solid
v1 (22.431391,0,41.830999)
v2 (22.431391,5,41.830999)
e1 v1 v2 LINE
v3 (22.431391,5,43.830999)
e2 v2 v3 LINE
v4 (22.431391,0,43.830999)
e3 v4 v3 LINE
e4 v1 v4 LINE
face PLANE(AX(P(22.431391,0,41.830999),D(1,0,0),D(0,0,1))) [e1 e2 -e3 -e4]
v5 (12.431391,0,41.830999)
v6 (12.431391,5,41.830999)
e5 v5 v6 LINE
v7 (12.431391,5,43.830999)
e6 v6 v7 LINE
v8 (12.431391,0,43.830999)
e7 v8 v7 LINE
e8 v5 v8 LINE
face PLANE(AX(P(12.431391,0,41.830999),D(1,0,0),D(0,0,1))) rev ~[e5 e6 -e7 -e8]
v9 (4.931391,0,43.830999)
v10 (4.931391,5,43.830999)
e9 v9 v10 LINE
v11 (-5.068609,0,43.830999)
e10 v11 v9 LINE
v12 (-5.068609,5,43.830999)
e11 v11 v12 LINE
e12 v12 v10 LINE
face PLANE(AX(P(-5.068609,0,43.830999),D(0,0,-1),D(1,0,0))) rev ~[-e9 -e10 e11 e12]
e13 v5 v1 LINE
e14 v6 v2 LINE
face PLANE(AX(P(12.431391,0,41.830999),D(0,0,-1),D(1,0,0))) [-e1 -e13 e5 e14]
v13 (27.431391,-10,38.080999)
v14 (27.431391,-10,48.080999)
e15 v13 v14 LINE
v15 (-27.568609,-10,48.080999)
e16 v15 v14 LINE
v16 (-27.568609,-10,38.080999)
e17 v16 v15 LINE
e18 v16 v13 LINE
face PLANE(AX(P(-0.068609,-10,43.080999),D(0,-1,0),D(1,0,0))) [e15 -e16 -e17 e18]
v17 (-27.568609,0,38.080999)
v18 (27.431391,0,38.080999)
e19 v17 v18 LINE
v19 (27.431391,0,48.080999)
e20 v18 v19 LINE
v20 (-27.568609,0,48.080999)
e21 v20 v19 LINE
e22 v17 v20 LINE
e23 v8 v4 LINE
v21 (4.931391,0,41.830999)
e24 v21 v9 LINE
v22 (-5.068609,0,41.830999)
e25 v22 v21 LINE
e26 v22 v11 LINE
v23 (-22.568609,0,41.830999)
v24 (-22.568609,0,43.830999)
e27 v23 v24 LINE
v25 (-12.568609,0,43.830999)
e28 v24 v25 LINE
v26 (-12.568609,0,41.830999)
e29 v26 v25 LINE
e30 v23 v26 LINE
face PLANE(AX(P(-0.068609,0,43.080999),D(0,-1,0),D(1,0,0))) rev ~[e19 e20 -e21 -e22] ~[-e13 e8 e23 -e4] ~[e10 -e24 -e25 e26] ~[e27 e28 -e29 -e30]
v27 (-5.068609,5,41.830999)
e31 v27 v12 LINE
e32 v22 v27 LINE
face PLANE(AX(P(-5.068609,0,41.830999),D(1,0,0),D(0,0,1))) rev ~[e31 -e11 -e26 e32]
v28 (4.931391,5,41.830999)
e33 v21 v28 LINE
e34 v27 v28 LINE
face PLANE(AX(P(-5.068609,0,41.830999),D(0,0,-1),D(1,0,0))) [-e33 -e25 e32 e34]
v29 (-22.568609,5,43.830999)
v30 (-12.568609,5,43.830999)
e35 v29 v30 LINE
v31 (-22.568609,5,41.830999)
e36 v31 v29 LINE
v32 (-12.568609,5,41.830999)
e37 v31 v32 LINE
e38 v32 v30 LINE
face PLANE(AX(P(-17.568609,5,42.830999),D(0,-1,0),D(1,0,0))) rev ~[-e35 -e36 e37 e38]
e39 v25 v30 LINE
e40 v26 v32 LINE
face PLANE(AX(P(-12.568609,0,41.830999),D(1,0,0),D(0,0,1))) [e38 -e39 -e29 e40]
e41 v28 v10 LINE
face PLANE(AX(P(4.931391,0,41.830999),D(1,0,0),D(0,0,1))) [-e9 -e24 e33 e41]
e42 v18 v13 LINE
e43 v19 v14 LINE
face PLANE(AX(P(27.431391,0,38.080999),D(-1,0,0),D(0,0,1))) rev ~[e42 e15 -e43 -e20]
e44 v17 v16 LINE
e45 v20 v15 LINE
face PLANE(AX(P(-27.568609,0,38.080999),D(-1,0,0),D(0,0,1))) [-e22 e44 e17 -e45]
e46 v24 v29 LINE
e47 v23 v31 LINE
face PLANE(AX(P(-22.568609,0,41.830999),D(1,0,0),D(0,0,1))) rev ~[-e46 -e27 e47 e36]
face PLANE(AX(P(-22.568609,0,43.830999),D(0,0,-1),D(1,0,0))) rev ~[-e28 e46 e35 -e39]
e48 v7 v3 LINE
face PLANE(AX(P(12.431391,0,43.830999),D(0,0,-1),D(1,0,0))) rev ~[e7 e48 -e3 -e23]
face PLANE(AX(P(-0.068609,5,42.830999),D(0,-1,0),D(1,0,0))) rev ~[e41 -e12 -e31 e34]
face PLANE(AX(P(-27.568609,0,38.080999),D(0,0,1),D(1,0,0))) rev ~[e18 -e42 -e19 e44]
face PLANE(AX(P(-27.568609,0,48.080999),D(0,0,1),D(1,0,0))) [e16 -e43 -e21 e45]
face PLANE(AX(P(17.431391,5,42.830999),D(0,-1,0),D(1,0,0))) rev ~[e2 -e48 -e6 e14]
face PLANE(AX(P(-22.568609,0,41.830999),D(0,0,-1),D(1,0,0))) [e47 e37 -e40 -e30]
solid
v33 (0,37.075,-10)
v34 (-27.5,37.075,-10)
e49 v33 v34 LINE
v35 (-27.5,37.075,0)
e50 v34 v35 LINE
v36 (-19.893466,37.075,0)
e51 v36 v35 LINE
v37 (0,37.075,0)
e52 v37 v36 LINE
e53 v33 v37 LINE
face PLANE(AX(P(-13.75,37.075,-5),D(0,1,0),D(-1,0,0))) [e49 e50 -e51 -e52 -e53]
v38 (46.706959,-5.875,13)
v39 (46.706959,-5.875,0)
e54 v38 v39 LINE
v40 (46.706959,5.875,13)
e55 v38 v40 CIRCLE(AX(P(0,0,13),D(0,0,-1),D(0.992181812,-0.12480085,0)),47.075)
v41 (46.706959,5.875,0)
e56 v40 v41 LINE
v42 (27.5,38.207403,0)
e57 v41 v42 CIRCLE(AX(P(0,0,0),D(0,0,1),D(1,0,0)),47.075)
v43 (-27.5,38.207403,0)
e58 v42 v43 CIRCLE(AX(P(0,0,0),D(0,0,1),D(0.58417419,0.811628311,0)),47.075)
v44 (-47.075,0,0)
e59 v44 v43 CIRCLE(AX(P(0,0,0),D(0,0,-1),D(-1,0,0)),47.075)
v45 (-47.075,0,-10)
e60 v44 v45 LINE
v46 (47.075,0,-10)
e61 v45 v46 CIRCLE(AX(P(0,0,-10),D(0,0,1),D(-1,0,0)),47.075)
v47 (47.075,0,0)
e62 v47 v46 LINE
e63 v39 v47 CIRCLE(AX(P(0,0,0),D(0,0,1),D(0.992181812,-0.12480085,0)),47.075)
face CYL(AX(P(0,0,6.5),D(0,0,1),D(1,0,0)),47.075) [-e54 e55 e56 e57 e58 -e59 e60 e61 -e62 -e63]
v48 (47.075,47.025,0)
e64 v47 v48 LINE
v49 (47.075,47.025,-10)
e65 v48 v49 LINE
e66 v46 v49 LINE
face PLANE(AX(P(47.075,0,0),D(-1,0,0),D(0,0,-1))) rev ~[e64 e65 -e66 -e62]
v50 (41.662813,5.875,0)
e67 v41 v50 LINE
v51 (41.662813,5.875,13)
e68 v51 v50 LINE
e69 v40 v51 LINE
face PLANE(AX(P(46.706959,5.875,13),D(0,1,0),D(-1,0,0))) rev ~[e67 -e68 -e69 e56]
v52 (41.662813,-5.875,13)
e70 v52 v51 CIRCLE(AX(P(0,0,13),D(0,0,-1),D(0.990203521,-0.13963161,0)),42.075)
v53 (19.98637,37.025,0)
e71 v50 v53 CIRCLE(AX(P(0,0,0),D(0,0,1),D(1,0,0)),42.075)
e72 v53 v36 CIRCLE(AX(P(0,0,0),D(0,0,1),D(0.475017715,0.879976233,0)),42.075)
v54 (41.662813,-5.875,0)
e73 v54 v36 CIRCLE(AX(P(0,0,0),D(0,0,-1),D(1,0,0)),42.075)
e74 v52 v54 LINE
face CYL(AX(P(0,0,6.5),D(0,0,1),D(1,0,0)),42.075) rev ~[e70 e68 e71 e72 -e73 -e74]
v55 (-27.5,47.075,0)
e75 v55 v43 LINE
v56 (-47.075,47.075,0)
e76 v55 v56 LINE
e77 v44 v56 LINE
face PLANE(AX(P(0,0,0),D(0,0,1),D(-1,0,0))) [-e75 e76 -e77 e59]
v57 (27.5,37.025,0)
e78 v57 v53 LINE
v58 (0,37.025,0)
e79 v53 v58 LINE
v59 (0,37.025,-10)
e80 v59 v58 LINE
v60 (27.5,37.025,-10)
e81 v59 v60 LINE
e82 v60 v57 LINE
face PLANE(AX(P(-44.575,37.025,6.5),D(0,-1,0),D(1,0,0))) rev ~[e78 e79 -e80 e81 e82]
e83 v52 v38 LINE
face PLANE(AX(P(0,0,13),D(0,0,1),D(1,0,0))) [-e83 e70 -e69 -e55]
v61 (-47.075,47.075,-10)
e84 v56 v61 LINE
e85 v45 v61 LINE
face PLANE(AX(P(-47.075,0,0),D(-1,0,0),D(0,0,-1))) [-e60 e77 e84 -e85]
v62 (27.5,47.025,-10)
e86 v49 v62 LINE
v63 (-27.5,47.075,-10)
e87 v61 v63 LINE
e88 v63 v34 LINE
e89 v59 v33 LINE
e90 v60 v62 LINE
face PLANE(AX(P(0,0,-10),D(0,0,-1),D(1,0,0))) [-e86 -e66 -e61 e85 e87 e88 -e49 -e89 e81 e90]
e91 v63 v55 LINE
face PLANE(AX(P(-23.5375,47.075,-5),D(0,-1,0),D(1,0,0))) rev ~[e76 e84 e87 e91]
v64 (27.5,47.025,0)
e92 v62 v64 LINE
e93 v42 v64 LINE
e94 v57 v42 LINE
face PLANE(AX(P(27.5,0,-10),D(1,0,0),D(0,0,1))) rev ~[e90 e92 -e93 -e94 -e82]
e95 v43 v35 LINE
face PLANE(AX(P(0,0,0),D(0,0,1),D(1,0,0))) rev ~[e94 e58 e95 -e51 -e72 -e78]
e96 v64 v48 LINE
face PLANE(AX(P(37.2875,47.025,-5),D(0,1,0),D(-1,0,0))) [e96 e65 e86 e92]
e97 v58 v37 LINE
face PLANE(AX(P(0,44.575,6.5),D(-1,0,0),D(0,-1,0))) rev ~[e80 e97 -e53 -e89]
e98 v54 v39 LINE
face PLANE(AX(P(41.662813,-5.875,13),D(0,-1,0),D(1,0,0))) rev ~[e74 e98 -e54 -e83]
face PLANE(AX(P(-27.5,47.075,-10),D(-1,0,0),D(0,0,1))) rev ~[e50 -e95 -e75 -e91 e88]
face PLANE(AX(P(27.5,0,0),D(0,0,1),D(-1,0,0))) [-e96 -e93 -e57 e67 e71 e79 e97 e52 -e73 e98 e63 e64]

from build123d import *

# Parameters (mm, degrees)
F0_W       = 55
F0_H       = 10
F0_W_2     = 10
F0_H_2     = 2
F1_DEPTH   = 10
F3_DEPTH   = 5
F2_W       = 5
F2_H       = 13
F4_ANGLE   = 180
F5_DEPTH   = 47.075
F6_ANGLE   = 90
F7_W       = 27.5
F7_H       = 10
F8_DEPTH   = 10
F10_DEPTH  = 47.025
F11_DEPTH  = 37.025
F10_FACE_W = 5
F10_FACE_H = 13
F12_ANGLE  = 90
F14_DEPTH  = 13


with BuildPart() as f1:
    # F0 (on Front) → F1 (new body)
    with BuildSketch(Plane.XZ):
        with Locations((-0.0686085224, 43.0809994042)):
            Rectangle(F0_W, F0_H)
        with Locations((-17.5686085224, 42.8309994042)):
            Rectangle(F0_W_2, F0_H_2, mode=Mode.SUBTRACT)
        with Locations((-0.0686085224, 42.8309994042)):
            Rectangle(F0_W_2, F0_H_2, mode=Mode.SUBTRACT)
        with Locations((17.4313914776, 42.8309994042)):
            Rectangle(F0_W_2, F0_H_2, mode=Mode.SUBTRACT)
        with Locations((-17.5686085224, 42.8309994042)):
            Rectangle(F0_W_2, F0_H_2)
        with Locations((-0.0686085224, 42.8309994042)):
            Rectangle(F0_W_2, F0_H_2)
        with Locations((17.4313914776, 42.8309994042)):
            Rectangle(F0_W_2, F0_H_2)
    extrude(amount=F1_DEPTH)

    # F0 (on Front) → F3 (join)
    with BuildSketch(Plane.XZ):
        with Locations((17.4313914776, 42.8309994042)):
            Rectangle(F0_W_2, F0_H_2)
        with Locations((-0.0686085224, 42.8309994042)):
            Rectangle(F0_W_2, F0_H_2)
        with Locations((-17.5686085224, 42.8309994042)):
            Rectangle(F0_W_2, F0_H_2)
    extrude(amount=-F3_DEPTH)


with BuildPart() as f4:
    # F2 (on Front) → F4 (revolve)
    with BuildSketch(Plane.XZ):
        with Locations((-44.575, 6.5)):
            Rectangle(F2_W, F2_H)
        Polygon((0, 0), (-42.075, 0), (-47.075, 0), (-47.075, -10), (0, -10), align=None)
    revolve(axis=Axis((0, 0, -5), (0, 0, 1)), revolution_arc=F4_ANGLE)

    # F2 (on Front) → F5 (join)
    with BuildSketch(Plane.XZ):
        Polygon((0, 0), (-42.075, 0), (-47.075, 0), (-47.075, -10), (0, -10), align=None)
    extrude(amount=-F5_DEPTH)

    # F2 (on Front) → F6 (revolve)
    with BuildSketch(Plane.XZ):
        with Locations((-44.575, 6.5)):
            Rectangle(F2_W, F2_H)
    revolve(axis=Axis((0, 0, -5), (0, 0, -1)), revolution_arc=F6_ANGLE)

    # F7 (on face) → F8 (cut)
    with BuildSketch(Plane(origin=(0, 47.075, 0), x_dir=(-1, 0, 0), z_dir=(0, 1, 0))):
        with Locations((13.75, -5)):
            Rectangle(F7_W, F7_H)
    extrude(amount=-F8_DEPTH, mode=Mode.SUBTRACT)

    # F9 (on face) → F10 (join)
    with BuildSketch(Plane(origin=(0, 0, 0), x_dir=(-1, 0, 0), z_dir=(0, 1, 0))):
        Polygon((-27.5, 0), (-42.075, 0), (-47.075, 0), (-47.075, -10), (-27.5, -10), align=None)
    extrude(amount=F10_DEPTH)

    # F11 (add): a face of the model
    f11_faces = [f4.faces().sort_by_distance(p)[0] for p in [
        (13.75, 0, -5),
    ]]
    extrude(f11_faces, amount=F11_DEPTH)

    # F10_face (on face) → F12 (revolve)
    with BuildSketch(Plane(origin=(13.75, 0, -5), x_dir=(-1, 0, 0), z_dir=(0, 1, 0))):
        with Locations((-30.825, 11.5)):
            Rectangle(F10_FACE_W, F10_FACE_H)
    revolve(axis=Axis((0, 0, -5), (0, 0, 1)), revolution_arc=F12_ANGLE)

    # F13 (on face) → F14 (cut)
    with BuildSketch(Plane.XY.offset(13)):
        with BuildLine():
            Line((46.7069587963, 5.875), (41.6628131551, 5.875))
            ThreePointArc((41.6628131551, 5.875), (41.9718267919, 2.944720827), (42.075, 0))
            ThreePointArc((42.075, 0), (41.9718267919, -2.944720827), (41.6628131551, -5.875))
            Line((41.6628131551, -5.875), (46.7069587963, -5.875))
            ThreePointArc((46.7069587963, -5.875), (46.9828996037, -2.9432583699), (47.075, 0))
            ThreePointArc((47.075, 0), (46.9828996037, 2.9432583699), (46.7069587963, 5.875))
        make_face()
    extrude(amount=-F14_DEPTH, mode=Mode.SUBTRACT)


solid = Compound([f1.part, f4.part])
